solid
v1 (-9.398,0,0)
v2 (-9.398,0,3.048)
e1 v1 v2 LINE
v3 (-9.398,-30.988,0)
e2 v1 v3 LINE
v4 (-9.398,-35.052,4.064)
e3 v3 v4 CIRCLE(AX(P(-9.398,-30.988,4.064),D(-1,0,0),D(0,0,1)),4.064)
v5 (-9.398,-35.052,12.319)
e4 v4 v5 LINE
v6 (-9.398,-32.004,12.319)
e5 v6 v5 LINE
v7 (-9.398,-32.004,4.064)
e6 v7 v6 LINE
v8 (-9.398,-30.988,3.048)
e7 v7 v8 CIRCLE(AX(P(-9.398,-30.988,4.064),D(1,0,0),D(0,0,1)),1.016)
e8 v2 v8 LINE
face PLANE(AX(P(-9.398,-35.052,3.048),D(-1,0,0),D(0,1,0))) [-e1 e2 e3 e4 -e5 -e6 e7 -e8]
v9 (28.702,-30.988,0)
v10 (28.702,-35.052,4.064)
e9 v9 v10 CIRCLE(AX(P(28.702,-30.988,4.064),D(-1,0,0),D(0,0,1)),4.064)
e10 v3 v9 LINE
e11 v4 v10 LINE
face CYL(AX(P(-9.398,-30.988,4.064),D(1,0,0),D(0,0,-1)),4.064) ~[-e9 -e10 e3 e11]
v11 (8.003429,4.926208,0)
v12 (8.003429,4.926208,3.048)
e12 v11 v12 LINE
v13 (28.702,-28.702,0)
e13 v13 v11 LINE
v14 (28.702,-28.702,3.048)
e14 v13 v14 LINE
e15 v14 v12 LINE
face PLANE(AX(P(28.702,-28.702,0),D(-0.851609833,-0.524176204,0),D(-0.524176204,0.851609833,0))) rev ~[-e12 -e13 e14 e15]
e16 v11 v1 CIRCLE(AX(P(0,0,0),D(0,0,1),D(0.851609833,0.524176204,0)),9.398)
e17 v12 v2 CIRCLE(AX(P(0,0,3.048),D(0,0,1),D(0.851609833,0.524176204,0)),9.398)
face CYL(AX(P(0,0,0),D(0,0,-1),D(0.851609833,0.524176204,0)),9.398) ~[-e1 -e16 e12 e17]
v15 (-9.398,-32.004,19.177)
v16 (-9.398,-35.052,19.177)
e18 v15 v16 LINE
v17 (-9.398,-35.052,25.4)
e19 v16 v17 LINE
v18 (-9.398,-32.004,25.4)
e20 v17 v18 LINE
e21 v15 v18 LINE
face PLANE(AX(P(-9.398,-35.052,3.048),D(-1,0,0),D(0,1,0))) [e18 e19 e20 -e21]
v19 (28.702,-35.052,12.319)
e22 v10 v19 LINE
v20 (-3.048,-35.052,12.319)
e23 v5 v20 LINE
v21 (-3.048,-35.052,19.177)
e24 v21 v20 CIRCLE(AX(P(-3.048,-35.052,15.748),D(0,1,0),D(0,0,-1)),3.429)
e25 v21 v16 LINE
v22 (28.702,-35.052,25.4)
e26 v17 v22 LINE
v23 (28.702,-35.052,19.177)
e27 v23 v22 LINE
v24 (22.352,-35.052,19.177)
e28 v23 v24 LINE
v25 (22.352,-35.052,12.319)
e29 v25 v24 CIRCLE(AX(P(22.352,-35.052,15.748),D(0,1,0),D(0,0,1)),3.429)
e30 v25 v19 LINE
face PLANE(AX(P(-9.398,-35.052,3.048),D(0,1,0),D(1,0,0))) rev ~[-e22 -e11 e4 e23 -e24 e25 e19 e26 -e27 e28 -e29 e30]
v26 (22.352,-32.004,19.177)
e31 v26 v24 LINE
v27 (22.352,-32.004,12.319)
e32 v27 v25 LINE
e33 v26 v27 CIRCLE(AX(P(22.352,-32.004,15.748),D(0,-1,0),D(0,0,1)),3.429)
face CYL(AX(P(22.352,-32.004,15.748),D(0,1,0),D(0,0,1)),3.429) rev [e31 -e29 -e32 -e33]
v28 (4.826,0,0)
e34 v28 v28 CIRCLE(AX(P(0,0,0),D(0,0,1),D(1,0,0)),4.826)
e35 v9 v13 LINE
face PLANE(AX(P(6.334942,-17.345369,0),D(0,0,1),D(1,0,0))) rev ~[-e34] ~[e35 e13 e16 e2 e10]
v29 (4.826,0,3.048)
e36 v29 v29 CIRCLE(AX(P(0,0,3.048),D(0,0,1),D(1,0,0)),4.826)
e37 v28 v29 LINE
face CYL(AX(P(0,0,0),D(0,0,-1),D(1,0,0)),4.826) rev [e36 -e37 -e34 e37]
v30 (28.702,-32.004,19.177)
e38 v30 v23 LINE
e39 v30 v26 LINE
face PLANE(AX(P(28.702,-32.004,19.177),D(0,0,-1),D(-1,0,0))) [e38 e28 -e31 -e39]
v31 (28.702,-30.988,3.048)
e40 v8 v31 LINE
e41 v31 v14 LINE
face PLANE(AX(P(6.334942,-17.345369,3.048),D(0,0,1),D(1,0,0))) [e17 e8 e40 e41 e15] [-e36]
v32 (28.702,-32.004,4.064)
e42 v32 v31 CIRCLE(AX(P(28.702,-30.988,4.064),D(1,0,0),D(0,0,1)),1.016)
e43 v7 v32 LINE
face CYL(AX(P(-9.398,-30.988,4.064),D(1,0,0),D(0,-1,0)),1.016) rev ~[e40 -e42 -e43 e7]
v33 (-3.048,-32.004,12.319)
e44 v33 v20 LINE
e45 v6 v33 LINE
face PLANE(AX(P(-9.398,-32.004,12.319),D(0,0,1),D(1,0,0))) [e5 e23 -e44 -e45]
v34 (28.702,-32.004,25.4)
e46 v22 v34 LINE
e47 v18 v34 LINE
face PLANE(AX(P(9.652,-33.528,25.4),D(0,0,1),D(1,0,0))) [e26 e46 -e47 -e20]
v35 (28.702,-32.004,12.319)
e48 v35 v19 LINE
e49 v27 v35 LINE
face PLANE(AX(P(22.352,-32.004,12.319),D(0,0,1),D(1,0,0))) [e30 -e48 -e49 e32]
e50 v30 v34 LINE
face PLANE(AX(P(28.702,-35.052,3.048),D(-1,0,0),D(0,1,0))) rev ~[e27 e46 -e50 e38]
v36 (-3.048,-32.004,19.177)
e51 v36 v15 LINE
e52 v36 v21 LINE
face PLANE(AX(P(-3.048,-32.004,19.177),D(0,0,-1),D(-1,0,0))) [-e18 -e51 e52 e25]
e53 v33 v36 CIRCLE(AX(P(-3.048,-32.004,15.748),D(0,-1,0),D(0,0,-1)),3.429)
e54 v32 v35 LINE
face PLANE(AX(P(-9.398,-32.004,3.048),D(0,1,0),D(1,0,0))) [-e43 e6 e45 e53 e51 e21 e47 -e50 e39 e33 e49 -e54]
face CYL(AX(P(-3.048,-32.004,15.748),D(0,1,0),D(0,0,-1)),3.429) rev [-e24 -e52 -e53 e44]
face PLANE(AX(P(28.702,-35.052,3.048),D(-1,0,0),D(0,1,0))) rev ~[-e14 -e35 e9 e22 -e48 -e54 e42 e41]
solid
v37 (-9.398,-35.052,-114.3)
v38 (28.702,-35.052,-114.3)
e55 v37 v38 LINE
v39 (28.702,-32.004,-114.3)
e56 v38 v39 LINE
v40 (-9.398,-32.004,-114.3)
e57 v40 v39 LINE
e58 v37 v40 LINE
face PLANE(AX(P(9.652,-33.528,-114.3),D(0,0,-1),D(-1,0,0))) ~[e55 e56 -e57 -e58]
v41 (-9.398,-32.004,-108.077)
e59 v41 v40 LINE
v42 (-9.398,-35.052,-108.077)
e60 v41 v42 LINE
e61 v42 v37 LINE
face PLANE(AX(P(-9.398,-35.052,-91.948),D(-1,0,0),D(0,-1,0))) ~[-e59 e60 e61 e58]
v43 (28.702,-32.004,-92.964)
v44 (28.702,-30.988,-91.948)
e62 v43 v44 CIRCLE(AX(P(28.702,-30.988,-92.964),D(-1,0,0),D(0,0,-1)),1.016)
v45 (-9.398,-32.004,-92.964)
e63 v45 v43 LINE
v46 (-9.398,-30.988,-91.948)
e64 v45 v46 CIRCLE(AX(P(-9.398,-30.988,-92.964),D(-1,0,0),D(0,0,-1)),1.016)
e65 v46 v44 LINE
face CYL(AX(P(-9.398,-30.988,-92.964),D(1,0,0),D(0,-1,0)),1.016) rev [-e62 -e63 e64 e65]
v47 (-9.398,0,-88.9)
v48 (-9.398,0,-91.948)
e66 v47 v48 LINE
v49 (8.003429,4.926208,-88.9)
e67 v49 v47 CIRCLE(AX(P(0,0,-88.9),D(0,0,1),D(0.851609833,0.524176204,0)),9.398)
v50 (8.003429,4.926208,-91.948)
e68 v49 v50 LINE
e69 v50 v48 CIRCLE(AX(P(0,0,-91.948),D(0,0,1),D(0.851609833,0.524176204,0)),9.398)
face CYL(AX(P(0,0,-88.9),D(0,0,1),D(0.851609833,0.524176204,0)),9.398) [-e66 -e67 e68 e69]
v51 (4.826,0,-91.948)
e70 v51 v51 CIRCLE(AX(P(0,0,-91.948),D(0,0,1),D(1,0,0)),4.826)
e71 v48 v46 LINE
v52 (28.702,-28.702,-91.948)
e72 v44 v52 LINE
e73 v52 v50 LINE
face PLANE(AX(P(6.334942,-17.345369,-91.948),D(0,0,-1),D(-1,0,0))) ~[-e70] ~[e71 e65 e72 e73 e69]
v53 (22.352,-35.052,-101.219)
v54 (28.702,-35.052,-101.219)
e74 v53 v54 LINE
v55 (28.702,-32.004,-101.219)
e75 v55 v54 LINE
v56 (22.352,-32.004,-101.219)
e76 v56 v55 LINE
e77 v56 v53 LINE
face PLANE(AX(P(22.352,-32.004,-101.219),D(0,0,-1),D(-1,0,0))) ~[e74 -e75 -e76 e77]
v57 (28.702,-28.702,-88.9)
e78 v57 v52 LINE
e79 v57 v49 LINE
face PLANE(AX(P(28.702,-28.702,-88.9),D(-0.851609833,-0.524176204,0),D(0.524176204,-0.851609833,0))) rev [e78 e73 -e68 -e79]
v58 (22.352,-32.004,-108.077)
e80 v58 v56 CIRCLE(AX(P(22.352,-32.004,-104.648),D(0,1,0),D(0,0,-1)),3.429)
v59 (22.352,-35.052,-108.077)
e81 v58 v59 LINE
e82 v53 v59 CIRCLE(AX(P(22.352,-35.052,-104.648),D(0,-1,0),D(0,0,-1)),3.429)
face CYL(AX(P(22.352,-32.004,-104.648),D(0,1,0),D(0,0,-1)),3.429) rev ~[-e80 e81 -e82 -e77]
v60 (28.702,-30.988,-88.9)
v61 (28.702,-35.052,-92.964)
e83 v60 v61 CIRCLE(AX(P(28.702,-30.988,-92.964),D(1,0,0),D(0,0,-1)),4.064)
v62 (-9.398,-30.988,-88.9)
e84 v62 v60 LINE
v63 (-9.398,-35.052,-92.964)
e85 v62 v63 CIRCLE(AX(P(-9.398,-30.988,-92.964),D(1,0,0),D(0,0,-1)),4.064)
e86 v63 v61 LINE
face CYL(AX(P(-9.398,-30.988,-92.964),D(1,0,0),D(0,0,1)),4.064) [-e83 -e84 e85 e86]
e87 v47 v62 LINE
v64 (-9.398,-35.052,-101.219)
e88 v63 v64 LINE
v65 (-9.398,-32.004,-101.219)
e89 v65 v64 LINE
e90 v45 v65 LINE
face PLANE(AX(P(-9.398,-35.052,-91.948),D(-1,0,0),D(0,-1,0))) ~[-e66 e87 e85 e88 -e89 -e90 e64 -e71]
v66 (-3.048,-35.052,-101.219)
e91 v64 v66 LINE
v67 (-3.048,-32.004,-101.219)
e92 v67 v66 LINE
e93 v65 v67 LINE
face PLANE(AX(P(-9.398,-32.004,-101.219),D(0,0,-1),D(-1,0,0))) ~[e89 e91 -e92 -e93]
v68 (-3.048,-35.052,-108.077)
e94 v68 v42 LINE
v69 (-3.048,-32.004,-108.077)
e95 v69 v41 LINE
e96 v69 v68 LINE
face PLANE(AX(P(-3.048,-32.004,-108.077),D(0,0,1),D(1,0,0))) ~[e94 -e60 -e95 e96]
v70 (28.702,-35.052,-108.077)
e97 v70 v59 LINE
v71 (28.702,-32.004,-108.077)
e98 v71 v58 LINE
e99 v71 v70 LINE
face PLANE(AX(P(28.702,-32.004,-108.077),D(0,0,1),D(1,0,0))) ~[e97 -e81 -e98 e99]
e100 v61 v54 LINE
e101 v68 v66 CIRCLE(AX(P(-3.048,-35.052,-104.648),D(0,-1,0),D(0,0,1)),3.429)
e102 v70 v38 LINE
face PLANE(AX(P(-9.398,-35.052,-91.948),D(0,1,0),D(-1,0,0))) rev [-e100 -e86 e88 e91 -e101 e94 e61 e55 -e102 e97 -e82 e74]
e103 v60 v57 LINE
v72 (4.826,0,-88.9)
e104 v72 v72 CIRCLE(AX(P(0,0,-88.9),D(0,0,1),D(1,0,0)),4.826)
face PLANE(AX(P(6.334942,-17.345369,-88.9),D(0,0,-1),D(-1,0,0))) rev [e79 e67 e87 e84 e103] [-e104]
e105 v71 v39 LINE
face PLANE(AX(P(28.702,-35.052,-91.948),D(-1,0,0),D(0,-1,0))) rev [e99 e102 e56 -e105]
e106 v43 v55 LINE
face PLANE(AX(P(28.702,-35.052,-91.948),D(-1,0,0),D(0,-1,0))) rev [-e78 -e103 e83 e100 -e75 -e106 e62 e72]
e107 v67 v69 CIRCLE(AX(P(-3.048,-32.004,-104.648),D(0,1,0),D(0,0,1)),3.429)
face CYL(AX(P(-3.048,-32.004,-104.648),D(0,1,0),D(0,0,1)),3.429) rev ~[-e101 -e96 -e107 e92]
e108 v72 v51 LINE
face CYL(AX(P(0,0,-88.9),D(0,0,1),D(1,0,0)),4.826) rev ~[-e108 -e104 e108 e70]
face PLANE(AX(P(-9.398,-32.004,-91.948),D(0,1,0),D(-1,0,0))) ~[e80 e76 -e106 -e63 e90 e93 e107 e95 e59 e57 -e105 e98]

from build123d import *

# Parameters (mm, degrees)
SKETCH3_R           = 4.826
BOSS_EXTRUDE1_DEPTH = 3.048
SKETCH4_W           = 38.1
SKETCH4_H           = 3.048
BOSS_EXTRUDE2_DEPTH = 22.352
CUT_EXTRUDE1_DEPTH  = 4.048
FILLET1_R           = 1.016
FILLET2_R           = 4.064


with BuildPart() as part:
    # Sketch3 → Boss-Extrude1 (new body)
    with BuildSketch(Plane.XY):
        with BuildLine():
            Line((-9.398, 0), (-9.398, -35.052))
            Line((-9.398, -35.052), (28.702, -35.052))
            Line((28.702, -35.052), (28.702, -28.702))
            Line((28.702, -28.702), (8.003429206, 4.926207967))
            ThreePointArc((8.003429206, 4.926207967), (-2.559900029, 9.042638765), (-9.398, 0))
        make_face()
        Circle(SKETCH3_R, mode=Mode.SUBTRACT)
    extrude(amount=BOSS_EXTRUDE1_DEPTH)

    # Sketch4 → Boss-Extrude2 (add)
    with BuildSketch(Plane.XY.offset(3.048)):
        with Locations((9.652, -33.528)):
            Rectangle(SKETCH4_W, SKETCH4_H)
    extrude(amount=BOSS_EXTRUDE2_DEPTH)

    # Sketch5 → Cut-Extrude1 (cut, through all)
    with BuildSketch(Plane(origin=(0, -32.004, 0), x_dir=(1, 0, 0), z_dir=(0, 1, 0))):
        with BuildLine():
            Line((-3.048, -19.177), (-9.398, -19.177))
            Line((-9.398, -19.177), (-9.398, -12.319))
            Line((-9.398, -12.319), (-3.048, -12.319))
            ThreePointArc((-3.048, -12.319), (0.381, -15.748), (-3.048, -19.177))
        make_face()
        with BuildLine():
            Line((22.352, -12.319), (28.702, -12.319))
            Line((28.702, -12.319), (28.702, -19.177))
            Line((28.702, -19.177), (22.352, -19.177))
            ThreePointArc((22.352, -19.177), (18.923, -15.748), (22.352, -12.319))
        make_face()
    extrude(amount=-CUT_EXTRUDE1_DEPTH, mode=Mode.SUBTRACT)

    # Fillet1
    fillet1_edges = [part.edges().sort_by_distance(p)[0] for p in [
        (9.652, -32.004, 3.048),
    ]]
    fillet(fillet1_edges, radius=FILLET1_R)

    # Fillet2
    fillet2_edges = [part.edges().sort_by_distance(p)[0] for p in [
        (9.652, -35.052, 0),
    ]]
    fillet(fillet2_edges, radius=FILLET2_R)


with BuildPart() as body_2:
    # Mirror2: mirrored copy
    add(part.part.mirror(Plane.XY.offset(-44.45)))


solid = Compound([part.part, body_2.part])
